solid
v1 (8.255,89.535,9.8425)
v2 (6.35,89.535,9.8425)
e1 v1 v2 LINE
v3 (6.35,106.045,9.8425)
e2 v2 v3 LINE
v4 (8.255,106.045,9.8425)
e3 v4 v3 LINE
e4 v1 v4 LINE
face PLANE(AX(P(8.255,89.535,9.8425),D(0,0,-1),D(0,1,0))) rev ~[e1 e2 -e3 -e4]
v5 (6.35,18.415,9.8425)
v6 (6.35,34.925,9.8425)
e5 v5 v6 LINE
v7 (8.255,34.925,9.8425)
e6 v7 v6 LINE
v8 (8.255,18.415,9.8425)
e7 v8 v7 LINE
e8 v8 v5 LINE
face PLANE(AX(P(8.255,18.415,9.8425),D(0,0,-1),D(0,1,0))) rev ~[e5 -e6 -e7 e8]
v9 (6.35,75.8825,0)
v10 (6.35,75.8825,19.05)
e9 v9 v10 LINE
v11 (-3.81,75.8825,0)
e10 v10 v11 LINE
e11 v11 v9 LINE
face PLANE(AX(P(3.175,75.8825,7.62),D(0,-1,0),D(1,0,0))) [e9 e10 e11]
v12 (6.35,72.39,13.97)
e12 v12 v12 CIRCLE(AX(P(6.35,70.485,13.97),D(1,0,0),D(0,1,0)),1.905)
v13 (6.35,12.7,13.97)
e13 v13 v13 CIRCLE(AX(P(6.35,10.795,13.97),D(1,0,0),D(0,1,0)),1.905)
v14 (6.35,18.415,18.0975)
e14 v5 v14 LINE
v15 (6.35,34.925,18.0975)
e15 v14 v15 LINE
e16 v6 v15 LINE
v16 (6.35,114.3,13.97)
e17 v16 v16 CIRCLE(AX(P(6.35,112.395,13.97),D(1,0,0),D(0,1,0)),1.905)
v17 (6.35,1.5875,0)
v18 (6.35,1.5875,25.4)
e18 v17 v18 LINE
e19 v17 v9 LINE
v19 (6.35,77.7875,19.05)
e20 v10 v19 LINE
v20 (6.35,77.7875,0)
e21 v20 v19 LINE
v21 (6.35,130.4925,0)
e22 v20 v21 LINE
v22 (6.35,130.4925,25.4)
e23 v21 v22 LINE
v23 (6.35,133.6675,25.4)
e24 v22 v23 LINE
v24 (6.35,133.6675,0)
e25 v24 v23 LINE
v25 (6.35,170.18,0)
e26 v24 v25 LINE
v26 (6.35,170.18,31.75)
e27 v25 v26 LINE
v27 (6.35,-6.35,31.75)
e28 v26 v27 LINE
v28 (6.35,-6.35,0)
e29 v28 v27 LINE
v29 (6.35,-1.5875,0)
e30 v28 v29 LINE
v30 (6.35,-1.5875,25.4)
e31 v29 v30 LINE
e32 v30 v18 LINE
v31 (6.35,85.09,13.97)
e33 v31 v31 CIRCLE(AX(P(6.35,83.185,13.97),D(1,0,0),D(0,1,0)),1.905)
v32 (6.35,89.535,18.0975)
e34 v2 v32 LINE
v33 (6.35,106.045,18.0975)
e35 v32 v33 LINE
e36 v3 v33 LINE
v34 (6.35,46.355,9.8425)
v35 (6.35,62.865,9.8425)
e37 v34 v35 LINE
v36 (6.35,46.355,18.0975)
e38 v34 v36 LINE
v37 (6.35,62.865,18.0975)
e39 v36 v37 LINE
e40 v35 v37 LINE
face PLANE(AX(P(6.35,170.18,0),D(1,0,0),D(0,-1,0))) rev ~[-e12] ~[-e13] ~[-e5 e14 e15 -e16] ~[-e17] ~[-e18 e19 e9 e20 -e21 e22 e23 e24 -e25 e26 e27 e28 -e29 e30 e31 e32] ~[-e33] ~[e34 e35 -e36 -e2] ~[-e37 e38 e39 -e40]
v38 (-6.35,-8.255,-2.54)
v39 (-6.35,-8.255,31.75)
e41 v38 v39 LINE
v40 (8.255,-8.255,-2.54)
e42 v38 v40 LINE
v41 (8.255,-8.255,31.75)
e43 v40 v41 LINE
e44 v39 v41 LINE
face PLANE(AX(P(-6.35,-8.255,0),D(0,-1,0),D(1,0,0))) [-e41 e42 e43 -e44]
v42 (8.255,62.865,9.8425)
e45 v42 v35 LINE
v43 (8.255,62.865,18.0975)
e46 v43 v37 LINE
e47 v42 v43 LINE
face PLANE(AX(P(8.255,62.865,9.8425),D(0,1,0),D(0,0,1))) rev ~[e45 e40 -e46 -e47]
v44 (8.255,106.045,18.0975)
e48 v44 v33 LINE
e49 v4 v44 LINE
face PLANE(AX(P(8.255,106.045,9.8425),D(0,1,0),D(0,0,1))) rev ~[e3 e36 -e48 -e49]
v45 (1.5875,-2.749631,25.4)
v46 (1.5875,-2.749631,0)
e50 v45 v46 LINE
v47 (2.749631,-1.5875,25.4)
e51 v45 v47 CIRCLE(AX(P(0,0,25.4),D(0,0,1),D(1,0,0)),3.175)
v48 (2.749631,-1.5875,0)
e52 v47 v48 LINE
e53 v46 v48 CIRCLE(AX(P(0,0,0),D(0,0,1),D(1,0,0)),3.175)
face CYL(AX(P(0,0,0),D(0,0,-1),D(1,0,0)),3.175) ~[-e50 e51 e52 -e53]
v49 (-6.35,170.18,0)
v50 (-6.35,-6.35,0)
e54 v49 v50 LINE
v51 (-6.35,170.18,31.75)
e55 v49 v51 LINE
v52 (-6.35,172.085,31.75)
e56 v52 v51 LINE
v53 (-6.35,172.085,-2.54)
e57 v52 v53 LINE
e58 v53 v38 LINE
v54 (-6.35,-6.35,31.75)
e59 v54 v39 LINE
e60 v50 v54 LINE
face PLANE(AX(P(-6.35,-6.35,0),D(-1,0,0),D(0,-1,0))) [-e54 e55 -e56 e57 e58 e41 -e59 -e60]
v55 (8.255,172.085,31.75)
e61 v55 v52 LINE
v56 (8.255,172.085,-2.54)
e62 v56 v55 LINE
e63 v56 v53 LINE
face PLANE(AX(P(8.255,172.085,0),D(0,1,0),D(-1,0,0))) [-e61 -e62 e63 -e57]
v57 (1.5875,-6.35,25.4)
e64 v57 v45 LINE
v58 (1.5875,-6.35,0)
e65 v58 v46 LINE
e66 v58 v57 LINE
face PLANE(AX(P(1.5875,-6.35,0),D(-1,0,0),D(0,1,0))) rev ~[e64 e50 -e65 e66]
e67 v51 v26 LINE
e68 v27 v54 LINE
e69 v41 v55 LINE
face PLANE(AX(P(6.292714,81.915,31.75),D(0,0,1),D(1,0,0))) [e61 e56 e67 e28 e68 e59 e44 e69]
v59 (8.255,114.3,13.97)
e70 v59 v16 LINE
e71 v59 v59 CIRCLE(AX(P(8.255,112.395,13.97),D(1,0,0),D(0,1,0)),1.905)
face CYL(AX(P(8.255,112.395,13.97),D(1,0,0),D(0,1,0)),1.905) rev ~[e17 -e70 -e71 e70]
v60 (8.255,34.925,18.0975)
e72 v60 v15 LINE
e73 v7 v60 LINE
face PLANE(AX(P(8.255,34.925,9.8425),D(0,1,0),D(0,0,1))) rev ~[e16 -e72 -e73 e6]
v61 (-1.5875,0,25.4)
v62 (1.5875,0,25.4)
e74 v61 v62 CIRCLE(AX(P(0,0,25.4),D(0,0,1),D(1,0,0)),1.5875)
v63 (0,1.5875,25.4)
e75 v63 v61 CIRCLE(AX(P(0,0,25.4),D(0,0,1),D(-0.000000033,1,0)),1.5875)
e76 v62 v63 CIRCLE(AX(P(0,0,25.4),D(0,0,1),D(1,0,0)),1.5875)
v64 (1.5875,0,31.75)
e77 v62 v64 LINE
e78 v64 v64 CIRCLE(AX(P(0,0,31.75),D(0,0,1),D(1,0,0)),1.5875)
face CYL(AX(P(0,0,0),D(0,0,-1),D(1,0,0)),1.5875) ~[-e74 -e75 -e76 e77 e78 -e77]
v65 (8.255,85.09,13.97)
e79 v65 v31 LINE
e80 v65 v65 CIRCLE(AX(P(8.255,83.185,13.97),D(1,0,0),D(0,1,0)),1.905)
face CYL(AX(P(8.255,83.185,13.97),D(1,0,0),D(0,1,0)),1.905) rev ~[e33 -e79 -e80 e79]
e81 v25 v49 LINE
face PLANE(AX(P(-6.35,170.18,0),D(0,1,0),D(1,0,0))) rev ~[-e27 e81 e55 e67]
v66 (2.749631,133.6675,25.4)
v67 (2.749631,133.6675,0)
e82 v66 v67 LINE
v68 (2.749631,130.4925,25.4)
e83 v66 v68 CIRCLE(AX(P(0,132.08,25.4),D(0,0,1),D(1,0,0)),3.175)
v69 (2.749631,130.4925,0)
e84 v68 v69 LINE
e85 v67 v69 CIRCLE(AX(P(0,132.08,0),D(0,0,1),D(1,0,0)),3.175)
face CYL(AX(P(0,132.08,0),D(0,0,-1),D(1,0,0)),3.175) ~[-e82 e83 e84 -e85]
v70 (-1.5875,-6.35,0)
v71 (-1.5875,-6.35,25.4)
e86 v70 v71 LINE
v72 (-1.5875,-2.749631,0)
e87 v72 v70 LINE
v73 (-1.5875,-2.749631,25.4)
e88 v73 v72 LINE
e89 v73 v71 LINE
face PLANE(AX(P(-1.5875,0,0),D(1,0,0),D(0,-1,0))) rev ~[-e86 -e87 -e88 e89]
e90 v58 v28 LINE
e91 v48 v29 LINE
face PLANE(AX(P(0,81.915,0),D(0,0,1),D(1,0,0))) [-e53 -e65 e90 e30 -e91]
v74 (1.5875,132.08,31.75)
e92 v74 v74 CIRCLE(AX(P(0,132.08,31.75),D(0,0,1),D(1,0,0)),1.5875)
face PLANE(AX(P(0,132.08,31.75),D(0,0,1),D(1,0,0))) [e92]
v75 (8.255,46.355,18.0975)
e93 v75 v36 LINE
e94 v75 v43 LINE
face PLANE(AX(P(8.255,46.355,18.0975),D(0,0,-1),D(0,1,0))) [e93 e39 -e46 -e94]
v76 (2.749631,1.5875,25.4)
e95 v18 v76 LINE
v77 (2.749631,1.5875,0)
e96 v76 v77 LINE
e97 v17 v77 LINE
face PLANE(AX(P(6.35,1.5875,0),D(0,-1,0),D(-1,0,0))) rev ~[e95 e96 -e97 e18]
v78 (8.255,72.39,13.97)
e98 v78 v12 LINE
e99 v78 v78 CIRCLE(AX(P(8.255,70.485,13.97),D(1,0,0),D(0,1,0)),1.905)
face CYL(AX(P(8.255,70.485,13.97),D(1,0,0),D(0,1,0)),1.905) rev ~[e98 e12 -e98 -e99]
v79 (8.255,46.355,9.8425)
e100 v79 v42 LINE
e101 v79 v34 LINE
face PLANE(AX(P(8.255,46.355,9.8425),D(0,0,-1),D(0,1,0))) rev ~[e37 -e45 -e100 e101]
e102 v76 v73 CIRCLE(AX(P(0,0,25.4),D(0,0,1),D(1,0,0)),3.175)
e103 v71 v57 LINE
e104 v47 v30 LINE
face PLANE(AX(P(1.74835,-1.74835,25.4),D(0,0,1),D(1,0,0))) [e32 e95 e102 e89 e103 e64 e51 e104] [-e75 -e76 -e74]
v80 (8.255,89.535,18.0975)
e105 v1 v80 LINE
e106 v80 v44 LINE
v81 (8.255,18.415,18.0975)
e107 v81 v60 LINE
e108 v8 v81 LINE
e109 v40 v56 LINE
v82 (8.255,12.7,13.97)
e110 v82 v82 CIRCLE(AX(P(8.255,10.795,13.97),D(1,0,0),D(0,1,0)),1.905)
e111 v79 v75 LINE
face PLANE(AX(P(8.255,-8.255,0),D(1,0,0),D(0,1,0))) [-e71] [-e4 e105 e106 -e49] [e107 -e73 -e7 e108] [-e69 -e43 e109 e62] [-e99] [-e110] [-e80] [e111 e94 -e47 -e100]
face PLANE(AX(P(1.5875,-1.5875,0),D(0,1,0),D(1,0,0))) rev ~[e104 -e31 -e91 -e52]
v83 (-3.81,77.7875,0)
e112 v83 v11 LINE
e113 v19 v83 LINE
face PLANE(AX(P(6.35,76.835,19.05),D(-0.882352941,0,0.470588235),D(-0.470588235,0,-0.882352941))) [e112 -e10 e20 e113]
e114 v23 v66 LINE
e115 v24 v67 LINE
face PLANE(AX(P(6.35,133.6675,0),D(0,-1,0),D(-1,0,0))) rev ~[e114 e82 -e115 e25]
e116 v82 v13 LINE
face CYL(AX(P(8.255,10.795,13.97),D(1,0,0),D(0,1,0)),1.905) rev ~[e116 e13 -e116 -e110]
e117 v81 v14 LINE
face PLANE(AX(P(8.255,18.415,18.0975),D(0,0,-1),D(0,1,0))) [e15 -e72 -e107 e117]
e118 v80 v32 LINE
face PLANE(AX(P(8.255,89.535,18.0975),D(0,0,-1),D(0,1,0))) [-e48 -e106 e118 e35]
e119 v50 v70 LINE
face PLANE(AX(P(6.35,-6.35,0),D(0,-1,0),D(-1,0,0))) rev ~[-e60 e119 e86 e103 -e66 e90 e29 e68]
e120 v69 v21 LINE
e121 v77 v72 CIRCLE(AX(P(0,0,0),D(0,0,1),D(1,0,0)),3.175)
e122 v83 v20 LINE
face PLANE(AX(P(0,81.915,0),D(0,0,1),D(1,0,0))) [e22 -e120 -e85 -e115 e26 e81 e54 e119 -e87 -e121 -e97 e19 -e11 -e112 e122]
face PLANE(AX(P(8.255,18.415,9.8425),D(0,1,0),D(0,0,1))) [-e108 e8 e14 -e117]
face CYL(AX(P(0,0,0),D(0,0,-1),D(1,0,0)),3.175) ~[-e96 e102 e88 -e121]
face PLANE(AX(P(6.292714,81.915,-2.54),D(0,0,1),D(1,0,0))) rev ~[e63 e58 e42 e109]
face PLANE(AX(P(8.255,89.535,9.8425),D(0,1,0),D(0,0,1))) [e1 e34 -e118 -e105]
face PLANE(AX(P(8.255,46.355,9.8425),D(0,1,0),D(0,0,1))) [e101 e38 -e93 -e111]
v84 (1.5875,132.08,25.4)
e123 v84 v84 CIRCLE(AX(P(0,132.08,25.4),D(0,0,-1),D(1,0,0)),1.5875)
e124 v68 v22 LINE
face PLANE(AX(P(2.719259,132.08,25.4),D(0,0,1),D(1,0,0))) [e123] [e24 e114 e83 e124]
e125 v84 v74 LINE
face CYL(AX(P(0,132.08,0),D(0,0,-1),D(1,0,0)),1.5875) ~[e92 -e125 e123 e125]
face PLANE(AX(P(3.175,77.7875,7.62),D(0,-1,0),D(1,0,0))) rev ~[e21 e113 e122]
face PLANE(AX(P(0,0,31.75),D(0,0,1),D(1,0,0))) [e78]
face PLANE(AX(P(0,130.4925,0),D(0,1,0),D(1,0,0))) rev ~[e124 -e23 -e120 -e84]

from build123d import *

# Parameters (mm, degrees)
F0_R          = 3.175
F0_R_2        = 1.5875
F1_DEPTH      = 2.54
F2_DEPTH      = 25.4
F3_DEPTH      = 31.75
F5_DEPTH      = 31.75
F5_DEPTH_BACK = 2.54
F7_DEPTH      = 25.4
F8_W          = 16.51
F8_H          = 8.255
F8_R          = 1.905
F9_DEPTH      = 1.905
F12_DEPTH     = 0.9525


with BuildPart() as f1:
    # F0 (on Top) → F1 (new body)
    with BuildSketch(Plane.XY):
        Polygon((6.35, 170.18), (0, 170.18), (-6.35, 170.18), (-6.35, -6.35), (0, -6.35), (6.35, -6.35), align=None)
        Circle(F0_R, mode=Mode.SUBTRACT)
        with Locations((0, 132.08)):
            Circle(F0_R, mode=Mode.SUBTRACT)
        with Locations((0, 132.08)):
            Circle(F0_R)
        with Locations((0, 132.08)):
            Circle(F0_R_2, mode=Mode.SUBTRACT)
        with Locations((0, 132.08)):
            Circle(F0_R_2)
        Circle(F0_R)
        Circle(F0_R_2, mode=Mode.SUBTRACT)
        Circle(F0_R_2)
    extrude(amount=-F1_DEPTH)

    # F0 (on Top) → F2 (join)
    with BuildSketch(Plane.XY):
        with Locations((0, 132.08)):
            Circle(F0_R)
        with Locations((0, 132.08)):
            Circle(F0_R_2, mode=Mode.SUBTRACT)
        with Locations((0, 132.08)):
            Circle(F0_R_2)
        Circle(F0_R_2)
        Circle(F0_R)
        Circle(F0_R_2, mode=Mode.SUBTRACT)
    extrude(amount=F2_DEPTH)

    # F0 (on Top) → F3 (join)
    with BuildSketch(Plane.XY):
        Circle(F0_R_2)
        with Locations((0, 132.08)):
            Circle(F0_R_2)
    extrude(amount=F3_DEPTH)

    # F4 (on Top) → F5 (join, two sides)
    with BuildSketch(Plane.XY) as f5_sk:
        Polygon((-6.35, -6.35), (-6.35, -8.255), (8.255, -8.255), (8.255, 172.085), (-6.35, 172.085), (-6.35, 170.18), (6.35, 170.18), (6.35, -6.35), align=None)
    extrude(amount=F5_DEPTH)
    extrude(f5_sk.sketch, amount=-F5_DEPTH_BACK)

    # F6 (on face) → F7 (join)
    with BuildSketch(Plane.XY):
        with BuildLine():
            Line((6.35, 133.6675), (0, 133.6675))
            ThreePointArc((0, 133.6675), (-1.5875, 132.08), (0, 130.4925))
            Line((0, 130.4925), (6.35, 130.4925))
            Line((6.35, 130.4925), (6.35, 133.6675))
        make_face()
        with BuildLine():
            Line((6.35, 1.5875), (0, 1.5875))
            ThreePointArc((0, 1.5875), (-1.122532, 1.122532), (-1.5875, 0))
            Line((-1.5875, 0), (-1.5875, -6.35))
            Line((-1.5875, -6.35), (1.5875, -6.35))
            Line((1.5875, -6.35), (1.5875, -1.5875))
            Line((1.5875, -1.5875), (6.35, -1.5875))
            Line((6.35, -1.5875), (6.35, 1.5875))
        make_face()
    extrude(amount=F7_DEPTH)

    # F8 (on face) → F9 (cut, through all)
    with BuildSketch(Plane.YZ.offset(8.255)):
        with Locations((26.67, 13.97)):
            Rectangle(F8_W, F8_H)
        with Locations((10.795, 13.97)):
            Circle(F8_R)
        with Locations((54.61, 13.97)):
            Rectangle(F8_W, F8_H)
        with Locations((70.485, 13.97)):
            Circle(F8_R)
        with Locations((97.79, 13.97)):
            Rectangle(F8_W, F8_H)
        with Locations((83.185, 13.97)):
            Circle(F8_R)
        with Locations((112.395, 13.97)):
            Circle(F8_R)
    extrude(amount=-F9_DEPTH, mode=Mode.SUBTRACT)

    # F11 (on offset) → F12 (join, symmetric)
    with BuildSketch(Plane.XZ.offset(-76.835)):
        Polygon((6.35, 19.05), (-3.81, 0), (6.35, 0), align=None)
    extrude(amount=F12_DEPTH, both=True)


solid = f1.part
